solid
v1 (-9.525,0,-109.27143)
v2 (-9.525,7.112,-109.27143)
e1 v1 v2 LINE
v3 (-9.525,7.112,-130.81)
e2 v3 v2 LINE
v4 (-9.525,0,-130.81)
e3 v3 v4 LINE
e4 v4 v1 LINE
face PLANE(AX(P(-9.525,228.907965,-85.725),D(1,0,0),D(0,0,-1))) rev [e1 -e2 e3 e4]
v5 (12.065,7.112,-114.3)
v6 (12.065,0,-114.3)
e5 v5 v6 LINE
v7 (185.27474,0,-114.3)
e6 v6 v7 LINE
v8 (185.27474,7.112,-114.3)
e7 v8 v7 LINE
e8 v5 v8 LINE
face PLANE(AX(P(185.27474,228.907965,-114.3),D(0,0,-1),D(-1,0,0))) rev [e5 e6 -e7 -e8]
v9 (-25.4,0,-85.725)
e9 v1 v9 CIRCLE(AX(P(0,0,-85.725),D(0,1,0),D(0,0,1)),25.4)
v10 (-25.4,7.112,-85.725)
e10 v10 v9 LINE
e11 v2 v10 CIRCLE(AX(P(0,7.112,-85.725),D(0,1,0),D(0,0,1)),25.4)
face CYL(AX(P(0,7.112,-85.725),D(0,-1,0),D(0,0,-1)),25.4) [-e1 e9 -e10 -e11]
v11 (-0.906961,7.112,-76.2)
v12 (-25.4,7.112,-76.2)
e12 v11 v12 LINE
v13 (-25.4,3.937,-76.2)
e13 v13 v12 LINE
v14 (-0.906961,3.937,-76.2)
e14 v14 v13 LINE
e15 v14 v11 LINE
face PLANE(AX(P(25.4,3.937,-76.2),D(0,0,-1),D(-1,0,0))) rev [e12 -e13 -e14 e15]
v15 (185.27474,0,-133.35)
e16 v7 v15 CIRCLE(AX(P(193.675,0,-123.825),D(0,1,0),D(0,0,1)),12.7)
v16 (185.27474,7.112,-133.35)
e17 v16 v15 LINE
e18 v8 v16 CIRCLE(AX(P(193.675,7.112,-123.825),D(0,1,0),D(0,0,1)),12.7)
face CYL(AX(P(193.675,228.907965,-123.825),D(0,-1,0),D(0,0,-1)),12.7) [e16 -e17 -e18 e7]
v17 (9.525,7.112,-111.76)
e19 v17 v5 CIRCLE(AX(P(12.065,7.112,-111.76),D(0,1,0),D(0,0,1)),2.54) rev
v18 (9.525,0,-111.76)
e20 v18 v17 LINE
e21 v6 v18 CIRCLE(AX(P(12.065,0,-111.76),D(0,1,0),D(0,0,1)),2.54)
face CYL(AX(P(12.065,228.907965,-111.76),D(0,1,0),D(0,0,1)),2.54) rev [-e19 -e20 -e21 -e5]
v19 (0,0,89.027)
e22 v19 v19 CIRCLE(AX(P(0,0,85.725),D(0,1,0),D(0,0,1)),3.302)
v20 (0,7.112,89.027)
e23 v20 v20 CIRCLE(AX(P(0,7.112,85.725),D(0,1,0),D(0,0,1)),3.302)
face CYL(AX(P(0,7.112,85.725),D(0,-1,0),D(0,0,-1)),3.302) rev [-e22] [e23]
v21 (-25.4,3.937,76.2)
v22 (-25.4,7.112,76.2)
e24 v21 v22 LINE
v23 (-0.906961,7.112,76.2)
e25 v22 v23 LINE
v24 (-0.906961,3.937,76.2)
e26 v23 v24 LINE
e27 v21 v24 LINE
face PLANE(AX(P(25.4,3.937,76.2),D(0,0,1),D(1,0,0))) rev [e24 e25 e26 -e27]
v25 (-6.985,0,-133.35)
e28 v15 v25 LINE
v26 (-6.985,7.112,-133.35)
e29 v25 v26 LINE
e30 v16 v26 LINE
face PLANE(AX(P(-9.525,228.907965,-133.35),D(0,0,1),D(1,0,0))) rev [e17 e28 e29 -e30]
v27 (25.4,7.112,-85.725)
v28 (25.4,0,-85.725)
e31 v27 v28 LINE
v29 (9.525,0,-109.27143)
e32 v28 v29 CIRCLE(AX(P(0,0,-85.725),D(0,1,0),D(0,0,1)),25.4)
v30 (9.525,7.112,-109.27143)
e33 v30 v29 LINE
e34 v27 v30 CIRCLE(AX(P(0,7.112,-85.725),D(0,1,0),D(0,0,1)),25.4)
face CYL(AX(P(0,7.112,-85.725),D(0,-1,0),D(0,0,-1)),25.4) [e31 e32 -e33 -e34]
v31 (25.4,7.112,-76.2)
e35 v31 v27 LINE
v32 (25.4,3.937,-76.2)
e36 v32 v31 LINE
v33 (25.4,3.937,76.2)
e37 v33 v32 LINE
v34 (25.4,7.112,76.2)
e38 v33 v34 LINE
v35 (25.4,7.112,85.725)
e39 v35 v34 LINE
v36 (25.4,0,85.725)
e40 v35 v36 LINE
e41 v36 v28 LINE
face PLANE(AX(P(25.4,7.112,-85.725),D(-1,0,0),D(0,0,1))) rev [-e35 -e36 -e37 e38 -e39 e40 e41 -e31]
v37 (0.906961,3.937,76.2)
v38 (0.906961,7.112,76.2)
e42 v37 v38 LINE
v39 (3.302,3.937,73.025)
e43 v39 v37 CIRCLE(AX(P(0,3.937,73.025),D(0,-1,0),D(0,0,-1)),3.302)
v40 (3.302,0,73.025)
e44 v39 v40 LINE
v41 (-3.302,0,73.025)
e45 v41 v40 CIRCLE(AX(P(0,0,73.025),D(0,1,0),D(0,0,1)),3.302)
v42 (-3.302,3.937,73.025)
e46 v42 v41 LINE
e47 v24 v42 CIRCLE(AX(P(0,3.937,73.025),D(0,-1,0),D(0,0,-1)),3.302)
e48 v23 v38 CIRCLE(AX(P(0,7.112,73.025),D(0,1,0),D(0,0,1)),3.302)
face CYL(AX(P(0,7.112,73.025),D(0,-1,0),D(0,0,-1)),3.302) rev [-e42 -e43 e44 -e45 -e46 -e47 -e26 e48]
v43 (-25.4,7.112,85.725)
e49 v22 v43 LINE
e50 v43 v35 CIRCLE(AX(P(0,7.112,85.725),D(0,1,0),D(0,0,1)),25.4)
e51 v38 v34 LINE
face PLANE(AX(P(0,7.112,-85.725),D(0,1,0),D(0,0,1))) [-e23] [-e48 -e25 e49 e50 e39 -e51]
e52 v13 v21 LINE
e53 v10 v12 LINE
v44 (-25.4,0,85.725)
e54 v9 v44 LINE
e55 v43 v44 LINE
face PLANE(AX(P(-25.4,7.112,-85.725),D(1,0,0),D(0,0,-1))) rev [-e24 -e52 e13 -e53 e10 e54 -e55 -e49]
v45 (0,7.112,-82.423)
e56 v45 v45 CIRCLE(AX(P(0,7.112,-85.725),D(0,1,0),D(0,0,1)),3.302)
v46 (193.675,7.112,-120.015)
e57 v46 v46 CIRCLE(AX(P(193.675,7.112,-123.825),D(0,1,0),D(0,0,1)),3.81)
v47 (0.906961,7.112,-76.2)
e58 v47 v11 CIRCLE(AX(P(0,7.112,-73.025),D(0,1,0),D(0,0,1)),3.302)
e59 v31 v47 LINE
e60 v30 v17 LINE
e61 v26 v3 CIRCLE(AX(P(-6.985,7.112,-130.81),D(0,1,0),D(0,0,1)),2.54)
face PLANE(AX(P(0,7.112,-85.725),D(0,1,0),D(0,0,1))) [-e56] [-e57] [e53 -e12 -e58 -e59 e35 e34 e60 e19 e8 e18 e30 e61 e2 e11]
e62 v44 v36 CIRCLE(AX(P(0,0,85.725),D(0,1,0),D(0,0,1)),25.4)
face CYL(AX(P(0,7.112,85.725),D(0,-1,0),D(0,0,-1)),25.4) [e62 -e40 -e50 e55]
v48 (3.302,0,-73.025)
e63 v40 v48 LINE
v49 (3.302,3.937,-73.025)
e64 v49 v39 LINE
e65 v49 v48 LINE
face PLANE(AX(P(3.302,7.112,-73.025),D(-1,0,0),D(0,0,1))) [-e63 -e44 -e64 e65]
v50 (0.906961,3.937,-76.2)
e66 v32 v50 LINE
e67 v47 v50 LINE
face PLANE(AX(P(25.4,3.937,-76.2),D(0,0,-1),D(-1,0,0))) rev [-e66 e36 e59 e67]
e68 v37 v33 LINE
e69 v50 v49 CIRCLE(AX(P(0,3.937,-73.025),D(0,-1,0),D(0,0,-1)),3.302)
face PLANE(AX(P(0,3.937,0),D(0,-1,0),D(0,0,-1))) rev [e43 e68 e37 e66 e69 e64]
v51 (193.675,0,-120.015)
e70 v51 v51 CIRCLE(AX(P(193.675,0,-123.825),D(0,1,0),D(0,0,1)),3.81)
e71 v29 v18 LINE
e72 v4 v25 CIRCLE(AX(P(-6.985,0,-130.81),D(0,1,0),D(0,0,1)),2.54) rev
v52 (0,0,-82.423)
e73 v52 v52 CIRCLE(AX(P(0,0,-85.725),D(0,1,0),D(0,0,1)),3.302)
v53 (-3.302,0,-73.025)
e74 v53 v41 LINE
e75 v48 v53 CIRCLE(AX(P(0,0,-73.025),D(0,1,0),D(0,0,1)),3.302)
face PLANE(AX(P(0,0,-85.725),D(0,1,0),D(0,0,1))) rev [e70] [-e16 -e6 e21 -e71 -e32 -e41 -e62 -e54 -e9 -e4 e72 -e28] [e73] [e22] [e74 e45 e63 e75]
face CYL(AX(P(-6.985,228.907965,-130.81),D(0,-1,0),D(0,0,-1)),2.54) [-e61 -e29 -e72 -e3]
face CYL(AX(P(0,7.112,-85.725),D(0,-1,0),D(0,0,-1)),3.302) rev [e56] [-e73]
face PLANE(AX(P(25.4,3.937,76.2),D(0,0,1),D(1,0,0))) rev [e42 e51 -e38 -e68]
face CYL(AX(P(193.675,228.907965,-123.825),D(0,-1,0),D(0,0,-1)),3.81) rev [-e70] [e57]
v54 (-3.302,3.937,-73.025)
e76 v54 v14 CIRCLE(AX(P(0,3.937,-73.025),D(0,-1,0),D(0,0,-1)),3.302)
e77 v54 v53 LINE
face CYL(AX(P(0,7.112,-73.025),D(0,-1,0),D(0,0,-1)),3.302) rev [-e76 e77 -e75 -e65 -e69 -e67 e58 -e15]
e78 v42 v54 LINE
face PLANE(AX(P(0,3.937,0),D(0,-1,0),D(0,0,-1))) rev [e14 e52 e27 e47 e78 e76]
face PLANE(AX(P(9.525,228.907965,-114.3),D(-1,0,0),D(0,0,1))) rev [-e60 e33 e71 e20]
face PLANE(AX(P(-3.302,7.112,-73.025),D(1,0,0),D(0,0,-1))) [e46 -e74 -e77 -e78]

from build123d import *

# Parameters (mm, degrees)
SKETCH1_R           = 3.302
BOSS_EXTRUDE1_DEPTH = 7.112
SKETCH2_W           = 50.8
SKETCH2_H           = 152.4
CUT_EXTRUDE1_DEPTH  = 3.175
SKETCH3_R           = 3.81
BOSS_EXTRUDE2_DEPTH = 7.112
FILLET1_R           = 2.54


with BuildPart() as part:
    # Sketch1 → Boss-Extrude1 (new body)
    with BuildSketch(Plane(origin=(0, 0, 0), x_dir=(1, 0, 0), z_dir=(0, 1, 0))):
        with BuildLine():
            Line((25.4, 85.725), (25.4, -85.725))
            ThreePointArc((25.4, -85.725), (0, -111.125), (-25.4, -85.725))
            Line((-25.4, -85.725), (-25.4, 85.725))
            ThreePointArc((-25.4, 85.725), (0, 111.125), (25.4, 85.725))
        make_face()
        with Locations(Location((0, 85.725, 0), (0, 0, 270))):
            Circle(SKETCH1_R, mode=Mode.SUBTRACT)
        with Locations(Location((0, -85.725, 0), (0, 0, 270))):
            Circle(SKETCH1_R, mode=Mode.SUBTRACT)
        with BuildLine():
            Line((3.302, 73.025), (3.302, -73.025))
            ThreePointArc((3.302, -73.025), (0, -76.327), (-3.302, -73.025))
            Line((-3.302, -73.025), (-3.302, 73.025))
            ThreePointArc((-3.302, 73.025), (0, 76.327), (3.302, 73.025))
        make_face(mode=Mode.SUBTRACT)
    extrude(amount=BOSS_EXTRUDE1_DEPTH)

    # Sketch2 → Cut-Extrude1 (cut)
    with BuildSketch(Plane(origin=(0, 7.112, 0), x_dir=(1, 0, 0), z_dir=(0, 1, 0))):
        Rectangle(SKETCH2_W, SKETCH2_H)
    extrude(amount=-CUT_EXTRUDE1_DEPTH, mode=Mode.SUBTRACT)

    # Sketch3 → Boss-Extrude2 (add)
    with BuildSketch(Plane(origin=(0, 0, 0), x_dir=(1, 0, 0), z_dir=(0, 1, 0))):
        with BuildLine():
            Line((-9.525, 85.725), (-9.525, 133.35))
            Line((-9.525, 133.35), (185.274739587, 133.35))
            ThreePointArc((185.274739587, 133.35), (206.375, 123.825), (185.274739587, 114.3))
            Line((185.274739587, 114.3), (9.525, 114.3))
            Line((9.525, 114.3), (9.525, 85.725))
            Line((9.525, 85.725), (0, 95.25))
            Line((0, 95.25), (-9.525, 85.725))
        make_face()
        with Locations(Location((193.675, 123.825, 0), (0, 0, 270))):
            Circle(SKETCH3_R, mode=Mode.SUBTRACT)
    extrude(amount=BOSS_EXTRUDE2_DEPTH)

    # Fillet1
    fillet1_edges = [part.edges().sort_by_distance(p)[0] for p in [
        (-9.525, 3.556, -133.35),
        (9.525, 3.556, -114.3),
    ]]
    fillet(fillet1_edges, radius=FILLET1_R)


solid = part.part
